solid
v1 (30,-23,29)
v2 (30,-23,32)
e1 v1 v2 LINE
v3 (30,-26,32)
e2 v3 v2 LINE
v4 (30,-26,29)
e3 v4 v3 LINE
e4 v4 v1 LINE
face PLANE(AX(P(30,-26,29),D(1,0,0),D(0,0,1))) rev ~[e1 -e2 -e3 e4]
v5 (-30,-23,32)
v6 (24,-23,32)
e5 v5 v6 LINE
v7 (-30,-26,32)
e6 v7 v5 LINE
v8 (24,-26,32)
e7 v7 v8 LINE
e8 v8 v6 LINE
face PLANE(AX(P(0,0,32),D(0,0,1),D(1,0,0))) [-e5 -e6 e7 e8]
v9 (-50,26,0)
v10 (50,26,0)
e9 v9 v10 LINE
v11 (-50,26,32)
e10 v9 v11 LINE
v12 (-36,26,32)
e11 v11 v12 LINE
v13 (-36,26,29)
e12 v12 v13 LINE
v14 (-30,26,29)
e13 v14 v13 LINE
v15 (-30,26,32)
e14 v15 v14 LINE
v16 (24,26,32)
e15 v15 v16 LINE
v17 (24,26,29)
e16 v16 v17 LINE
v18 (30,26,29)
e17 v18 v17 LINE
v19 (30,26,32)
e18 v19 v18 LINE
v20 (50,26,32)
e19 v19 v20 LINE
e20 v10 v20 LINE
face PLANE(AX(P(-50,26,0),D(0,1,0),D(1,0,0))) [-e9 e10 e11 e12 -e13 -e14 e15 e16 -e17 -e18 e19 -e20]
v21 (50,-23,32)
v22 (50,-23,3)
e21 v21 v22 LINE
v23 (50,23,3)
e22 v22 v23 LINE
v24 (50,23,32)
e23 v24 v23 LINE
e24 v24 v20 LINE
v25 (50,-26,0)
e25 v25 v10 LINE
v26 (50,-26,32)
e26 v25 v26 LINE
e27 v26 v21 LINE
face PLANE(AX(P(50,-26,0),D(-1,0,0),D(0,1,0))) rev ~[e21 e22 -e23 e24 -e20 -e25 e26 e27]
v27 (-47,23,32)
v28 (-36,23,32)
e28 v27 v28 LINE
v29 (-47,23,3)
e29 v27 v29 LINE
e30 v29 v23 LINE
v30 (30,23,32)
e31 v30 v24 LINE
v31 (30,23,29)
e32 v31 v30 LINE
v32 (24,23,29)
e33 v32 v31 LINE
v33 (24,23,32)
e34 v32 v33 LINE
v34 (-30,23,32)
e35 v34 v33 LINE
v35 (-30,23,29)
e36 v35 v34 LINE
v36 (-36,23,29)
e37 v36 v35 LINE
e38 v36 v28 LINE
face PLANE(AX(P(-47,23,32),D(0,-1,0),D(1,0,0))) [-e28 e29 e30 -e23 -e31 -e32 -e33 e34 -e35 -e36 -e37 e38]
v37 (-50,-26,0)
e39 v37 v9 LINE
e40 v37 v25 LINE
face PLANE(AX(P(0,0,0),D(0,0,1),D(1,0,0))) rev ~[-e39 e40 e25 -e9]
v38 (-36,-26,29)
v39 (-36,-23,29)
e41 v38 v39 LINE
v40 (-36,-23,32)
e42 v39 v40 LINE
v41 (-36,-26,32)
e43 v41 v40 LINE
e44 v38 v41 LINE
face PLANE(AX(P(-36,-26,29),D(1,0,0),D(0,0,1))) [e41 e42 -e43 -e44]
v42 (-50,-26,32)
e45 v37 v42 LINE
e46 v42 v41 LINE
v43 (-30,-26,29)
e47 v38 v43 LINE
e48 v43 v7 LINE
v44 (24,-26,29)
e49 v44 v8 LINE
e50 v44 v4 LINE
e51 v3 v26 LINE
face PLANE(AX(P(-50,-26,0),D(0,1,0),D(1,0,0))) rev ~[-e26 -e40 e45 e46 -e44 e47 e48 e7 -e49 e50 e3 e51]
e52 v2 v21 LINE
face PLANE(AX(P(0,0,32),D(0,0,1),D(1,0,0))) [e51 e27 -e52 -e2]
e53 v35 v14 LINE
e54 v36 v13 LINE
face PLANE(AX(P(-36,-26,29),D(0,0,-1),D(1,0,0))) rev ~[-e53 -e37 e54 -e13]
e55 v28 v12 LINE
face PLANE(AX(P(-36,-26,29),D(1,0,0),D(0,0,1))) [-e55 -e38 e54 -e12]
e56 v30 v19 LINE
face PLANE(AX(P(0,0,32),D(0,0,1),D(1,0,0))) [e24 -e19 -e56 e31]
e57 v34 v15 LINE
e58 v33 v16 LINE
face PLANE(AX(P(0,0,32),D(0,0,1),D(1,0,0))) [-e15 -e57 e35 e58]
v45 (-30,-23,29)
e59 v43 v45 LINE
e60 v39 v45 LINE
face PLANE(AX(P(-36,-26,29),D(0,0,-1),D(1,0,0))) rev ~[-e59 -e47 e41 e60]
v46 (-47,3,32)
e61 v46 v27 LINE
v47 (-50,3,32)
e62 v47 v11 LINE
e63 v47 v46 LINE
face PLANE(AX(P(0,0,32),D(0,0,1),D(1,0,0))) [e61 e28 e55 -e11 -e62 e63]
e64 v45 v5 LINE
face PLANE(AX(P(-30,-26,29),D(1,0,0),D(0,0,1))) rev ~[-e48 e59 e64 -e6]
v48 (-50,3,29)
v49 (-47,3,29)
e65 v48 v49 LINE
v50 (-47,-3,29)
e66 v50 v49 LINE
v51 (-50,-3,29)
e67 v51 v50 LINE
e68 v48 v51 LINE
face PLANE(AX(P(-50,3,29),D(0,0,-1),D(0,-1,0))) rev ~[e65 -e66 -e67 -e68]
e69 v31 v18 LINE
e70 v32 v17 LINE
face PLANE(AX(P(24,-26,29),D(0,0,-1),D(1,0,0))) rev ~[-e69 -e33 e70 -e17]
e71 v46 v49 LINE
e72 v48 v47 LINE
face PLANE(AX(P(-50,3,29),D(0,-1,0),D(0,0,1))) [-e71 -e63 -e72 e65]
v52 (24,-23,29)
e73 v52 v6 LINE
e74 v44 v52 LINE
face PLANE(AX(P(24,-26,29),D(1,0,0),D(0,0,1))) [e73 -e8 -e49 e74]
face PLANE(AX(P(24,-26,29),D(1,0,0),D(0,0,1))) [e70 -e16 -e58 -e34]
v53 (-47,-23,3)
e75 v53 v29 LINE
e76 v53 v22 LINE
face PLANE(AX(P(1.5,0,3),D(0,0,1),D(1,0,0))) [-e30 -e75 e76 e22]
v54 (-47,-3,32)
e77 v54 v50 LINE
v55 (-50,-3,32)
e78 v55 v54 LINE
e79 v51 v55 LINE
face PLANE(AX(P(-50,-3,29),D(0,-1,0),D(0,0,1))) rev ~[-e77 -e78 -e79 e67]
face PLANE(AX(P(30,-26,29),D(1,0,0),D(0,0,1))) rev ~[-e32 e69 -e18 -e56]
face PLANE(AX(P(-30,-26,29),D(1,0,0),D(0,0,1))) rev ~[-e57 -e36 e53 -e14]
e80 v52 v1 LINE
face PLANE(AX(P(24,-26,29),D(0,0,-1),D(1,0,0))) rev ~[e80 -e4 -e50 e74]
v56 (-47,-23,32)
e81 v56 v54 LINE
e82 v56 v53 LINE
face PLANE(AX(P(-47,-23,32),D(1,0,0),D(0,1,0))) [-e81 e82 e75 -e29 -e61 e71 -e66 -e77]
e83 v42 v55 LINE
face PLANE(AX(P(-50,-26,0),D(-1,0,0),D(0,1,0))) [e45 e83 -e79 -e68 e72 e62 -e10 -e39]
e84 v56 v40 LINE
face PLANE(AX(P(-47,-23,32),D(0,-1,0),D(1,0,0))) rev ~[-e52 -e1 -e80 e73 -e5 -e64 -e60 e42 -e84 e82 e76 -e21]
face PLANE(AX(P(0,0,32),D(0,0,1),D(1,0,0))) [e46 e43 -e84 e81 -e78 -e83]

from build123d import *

# Parameters (mm, degrees)
F0_W     = 100
F0_H     = 52
F1_DEPTH = 32
F2_W     = 97
F2_H     = 46
F3_DEPTH = 29
F4_W     = 6
F4_H     = 3
F5_DEPTH = 52.001
F6_W     = 6
F6_H     = 3
F7_DEPTH = 52.001
F8_W     = 6
F8_H     = 3
F9_DEPTH = 100.001


with BuildPart() as f1:
    # F0 (on Top) → F1 (new body)
    with BuildSketch(Plane.XY):
        Rectangle(F0_W, F0_H)
    extrude(amount=F1_DEPTH)

    # F2 (on face) → F3 (cut)
    with BuildSketch(Plane.XY.offset(32)):
        with Locations((1.5, 0)):
            Rectangle(F2_W, F2_H)
    extrude(amount=-F3_DEPTH, mode=Mode.SUBTRACT)

    # F4 (on face) → F5 (cut, through all)
    with BuildSketch(Plane.XZ.offset(26)):
        with Locations((-33, 30.5)):
            Rectangle(F4_W, F4_H)
    extrude(amount=-F5_DEPTH, mode=Mode.SUBTRACT)

    # F6 (on face) → F7 (cut, through all)
    with BuildSketch(Plane.XZ.offset(26)):
        with Locations((27, 30.5)):
            Rectangle(F6_W, F6_H)
    extrude(amount=-F7_DEPTH, mode=Mode.SUBTRACT)

    # F8 (on face) → F9 (cut, through all)
    with BuildSketch(Plane(origin=(-50, 0, 0), x_dir=(0, -1, 0), z_dir=(-1, 0, 0))):
        with Locations((0, 30.5)):
            Rectangle(F8_W, F8_H)
    extrude(amount=-F9_DEPTH, mode=Mode.SUBTRACT)


solid = f1.part
